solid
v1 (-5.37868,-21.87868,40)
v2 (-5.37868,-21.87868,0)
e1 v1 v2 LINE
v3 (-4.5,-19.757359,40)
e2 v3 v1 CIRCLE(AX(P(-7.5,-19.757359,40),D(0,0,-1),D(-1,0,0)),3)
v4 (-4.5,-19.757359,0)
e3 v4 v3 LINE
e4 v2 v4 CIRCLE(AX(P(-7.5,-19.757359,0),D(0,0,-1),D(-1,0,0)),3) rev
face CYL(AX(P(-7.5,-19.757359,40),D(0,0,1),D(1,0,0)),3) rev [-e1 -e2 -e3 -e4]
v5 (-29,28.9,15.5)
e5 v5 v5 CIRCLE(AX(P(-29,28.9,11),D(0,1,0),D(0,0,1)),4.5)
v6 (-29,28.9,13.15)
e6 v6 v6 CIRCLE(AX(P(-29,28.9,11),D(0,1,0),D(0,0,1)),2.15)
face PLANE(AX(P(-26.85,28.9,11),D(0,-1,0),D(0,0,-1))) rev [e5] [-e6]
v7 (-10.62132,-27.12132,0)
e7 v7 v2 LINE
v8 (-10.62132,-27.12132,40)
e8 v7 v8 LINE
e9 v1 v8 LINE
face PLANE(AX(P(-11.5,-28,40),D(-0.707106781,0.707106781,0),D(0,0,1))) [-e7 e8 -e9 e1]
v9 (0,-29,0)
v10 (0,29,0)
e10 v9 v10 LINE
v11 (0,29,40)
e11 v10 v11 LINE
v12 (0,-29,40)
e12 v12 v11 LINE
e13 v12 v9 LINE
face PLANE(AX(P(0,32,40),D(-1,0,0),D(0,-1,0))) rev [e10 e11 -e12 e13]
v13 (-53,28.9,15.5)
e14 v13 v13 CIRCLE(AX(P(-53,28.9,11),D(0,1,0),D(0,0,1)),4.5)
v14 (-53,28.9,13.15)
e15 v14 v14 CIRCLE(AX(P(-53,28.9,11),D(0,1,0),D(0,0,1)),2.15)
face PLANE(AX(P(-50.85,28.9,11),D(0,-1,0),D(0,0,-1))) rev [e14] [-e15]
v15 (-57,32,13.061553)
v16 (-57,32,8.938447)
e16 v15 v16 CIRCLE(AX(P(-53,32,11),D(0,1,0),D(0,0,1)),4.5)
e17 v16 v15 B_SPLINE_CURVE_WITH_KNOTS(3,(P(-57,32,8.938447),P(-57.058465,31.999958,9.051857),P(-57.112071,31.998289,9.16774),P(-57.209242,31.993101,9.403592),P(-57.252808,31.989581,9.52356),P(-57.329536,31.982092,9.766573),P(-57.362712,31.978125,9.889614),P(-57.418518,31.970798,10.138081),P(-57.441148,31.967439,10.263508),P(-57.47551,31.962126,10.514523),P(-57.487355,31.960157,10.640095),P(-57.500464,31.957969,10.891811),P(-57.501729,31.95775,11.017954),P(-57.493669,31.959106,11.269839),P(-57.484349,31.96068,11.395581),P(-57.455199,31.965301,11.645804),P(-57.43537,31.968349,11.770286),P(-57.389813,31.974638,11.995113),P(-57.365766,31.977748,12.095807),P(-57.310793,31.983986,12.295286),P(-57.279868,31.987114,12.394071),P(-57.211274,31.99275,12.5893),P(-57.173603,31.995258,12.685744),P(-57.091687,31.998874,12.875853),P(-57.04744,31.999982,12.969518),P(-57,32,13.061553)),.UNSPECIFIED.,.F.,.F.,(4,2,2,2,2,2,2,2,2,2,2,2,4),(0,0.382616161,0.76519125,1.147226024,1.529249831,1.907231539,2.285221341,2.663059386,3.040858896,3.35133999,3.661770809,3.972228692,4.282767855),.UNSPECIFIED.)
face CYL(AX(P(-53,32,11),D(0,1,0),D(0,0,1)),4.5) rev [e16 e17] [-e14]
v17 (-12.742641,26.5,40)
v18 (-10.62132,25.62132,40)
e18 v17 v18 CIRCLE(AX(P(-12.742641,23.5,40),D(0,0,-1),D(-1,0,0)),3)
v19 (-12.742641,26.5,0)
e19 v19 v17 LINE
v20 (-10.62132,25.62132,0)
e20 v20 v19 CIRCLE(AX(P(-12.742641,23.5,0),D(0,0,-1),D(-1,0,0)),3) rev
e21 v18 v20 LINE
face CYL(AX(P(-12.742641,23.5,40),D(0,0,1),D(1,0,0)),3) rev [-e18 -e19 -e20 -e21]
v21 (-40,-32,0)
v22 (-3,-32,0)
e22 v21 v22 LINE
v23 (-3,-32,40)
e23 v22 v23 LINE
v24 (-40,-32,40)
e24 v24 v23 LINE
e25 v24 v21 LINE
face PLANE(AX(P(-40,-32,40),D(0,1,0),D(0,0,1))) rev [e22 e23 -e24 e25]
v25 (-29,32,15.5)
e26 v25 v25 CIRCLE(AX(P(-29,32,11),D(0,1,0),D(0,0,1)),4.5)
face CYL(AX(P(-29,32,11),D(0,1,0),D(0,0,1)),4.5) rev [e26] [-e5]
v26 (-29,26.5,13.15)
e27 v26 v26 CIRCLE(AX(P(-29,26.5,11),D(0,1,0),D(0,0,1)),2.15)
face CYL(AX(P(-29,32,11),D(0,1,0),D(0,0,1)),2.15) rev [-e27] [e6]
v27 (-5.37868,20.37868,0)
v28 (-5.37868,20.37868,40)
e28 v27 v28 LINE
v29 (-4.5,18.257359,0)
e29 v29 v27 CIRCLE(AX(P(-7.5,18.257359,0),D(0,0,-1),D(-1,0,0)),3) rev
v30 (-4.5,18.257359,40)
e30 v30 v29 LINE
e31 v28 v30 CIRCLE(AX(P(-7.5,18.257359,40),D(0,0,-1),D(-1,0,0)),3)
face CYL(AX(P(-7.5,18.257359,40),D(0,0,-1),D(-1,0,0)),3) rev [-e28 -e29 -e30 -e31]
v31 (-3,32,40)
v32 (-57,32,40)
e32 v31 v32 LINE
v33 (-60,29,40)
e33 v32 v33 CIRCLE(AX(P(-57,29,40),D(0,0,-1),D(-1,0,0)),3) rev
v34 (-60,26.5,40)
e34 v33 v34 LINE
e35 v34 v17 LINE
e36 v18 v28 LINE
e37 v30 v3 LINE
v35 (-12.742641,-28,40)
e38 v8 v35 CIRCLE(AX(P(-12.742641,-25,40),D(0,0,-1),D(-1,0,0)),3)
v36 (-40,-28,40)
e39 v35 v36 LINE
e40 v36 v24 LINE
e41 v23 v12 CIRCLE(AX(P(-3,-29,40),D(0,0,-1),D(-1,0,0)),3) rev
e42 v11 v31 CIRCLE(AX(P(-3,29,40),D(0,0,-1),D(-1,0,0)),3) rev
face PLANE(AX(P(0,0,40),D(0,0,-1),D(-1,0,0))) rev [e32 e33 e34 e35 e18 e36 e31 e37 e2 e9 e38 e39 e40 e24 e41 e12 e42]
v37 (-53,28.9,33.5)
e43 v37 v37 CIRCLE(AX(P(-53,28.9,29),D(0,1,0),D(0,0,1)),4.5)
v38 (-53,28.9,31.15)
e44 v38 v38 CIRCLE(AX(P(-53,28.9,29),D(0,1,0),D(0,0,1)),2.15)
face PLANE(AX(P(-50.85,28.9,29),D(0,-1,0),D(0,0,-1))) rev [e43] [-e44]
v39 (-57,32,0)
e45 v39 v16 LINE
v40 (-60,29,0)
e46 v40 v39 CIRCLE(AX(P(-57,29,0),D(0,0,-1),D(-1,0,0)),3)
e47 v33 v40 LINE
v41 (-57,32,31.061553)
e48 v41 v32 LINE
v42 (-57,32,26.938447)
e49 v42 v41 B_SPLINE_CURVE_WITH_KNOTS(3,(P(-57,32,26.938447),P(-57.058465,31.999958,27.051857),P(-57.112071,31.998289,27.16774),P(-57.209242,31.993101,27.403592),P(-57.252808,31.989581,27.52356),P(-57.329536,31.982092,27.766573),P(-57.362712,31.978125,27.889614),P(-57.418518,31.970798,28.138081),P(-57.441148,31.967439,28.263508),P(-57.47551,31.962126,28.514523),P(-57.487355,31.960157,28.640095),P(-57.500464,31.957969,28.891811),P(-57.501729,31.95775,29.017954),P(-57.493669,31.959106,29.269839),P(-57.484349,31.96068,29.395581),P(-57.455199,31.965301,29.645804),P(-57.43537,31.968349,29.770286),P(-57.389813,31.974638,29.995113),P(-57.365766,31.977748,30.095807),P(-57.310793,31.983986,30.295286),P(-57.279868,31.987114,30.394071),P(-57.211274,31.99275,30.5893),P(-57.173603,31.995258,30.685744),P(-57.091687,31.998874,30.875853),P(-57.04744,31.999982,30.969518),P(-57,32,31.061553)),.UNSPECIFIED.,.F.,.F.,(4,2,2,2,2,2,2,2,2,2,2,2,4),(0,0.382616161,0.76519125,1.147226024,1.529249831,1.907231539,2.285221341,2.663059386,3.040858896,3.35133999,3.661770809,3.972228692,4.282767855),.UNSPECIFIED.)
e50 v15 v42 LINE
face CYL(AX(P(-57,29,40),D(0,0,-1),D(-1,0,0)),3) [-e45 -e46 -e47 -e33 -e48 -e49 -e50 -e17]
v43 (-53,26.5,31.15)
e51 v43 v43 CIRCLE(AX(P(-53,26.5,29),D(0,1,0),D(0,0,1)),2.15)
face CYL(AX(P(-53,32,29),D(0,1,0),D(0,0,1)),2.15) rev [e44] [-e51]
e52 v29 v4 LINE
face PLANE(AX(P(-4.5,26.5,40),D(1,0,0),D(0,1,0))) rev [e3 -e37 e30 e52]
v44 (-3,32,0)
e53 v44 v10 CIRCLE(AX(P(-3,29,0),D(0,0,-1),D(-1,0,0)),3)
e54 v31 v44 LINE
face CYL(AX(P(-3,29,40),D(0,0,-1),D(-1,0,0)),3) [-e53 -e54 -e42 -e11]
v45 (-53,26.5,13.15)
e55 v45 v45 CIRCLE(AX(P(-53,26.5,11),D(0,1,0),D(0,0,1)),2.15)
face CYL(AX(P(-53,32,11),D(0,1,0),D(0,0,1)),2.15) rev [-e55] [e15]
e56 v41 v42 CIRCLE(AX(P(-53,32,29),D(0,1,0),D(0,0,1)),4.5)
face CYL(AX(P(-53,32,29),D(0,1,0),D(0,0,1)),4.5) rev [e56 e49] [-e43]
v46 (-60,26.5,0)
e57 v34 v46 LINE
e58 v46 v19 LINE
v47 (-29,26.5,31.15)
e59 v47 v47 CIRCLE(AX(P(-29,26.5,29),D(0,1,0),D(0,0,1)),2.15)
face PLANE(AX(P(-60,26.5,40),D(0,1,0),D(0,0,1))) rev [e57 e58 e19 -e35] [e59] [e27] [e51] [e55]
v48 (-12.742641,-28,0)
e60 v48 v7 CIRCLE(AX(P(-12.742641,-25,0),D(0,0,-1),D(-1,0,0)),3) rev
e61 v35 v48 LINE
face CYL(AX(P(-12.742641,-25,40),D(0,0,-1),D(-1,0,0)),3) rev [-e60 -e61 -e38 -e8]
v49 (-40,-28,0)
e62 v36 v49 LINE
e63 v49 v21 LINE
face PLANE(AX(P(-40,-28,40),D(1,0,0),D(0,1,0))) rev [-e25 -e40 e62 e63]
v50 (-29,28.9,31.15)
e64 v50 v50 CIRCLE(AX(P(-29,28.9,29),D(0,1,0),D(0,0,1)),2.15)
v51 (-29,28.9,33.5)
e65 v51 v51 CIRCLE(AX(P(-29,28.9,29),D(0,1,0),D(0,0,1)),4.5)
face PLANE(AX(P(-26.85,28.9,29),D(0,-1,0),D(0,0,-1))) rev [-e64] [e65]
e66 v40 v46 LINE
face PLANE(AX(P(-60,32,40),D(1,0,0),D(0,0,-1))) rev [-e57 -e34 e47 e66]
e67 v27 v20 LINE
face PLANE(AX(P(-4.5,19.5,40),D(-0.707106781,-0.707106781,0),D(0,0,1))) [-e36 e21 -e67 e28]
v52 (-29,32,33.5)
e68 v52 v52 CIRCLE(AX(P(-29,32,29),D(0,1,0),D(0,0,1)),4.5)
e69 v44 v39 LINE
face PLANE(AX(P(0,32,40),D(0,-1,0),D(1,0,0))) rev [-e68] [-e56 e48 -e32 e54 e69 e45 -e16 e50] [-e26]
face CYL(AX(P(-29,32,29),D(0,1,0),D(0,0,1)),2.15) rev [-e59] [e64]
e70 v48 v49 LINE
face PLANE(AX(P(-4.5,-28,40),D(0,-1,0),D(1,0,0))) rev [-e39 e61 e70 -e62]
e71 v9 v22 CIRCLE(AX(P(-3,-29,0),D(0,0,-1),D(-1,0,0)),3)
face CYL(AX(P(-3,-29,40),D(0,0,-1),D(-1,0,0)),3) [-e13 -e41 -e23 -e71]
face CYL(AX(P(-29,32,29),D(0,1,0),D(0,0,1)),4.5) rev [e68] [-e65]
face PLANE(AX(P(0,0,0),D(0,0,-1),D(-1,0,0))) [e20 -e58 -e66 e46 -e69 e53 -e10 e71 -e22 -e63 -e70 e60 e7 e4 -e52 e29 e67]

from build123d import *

# Parameters (mm, degrees)
BOSS_EXTRUDE1_DEPTH                              = 40
CHAMFER1_SIZE                                    = 7
FILLET1_R                                        = 3
CBORE_FOR_M4_PAN_HEAD_MACHINE_SCREW1_D           = 4.3
CBORE_FOR_M4_PAN_HEAD_MACHINE_SCREW1_DEPTH       = 5.5
CBORE_FOR_M4_PAN_HEAD_MACHINE_SCREW1_CBORE_D     = 9
CBORE_FOR_M4_PAN_HEAD_MACHINE_SCREW1_CBORE_DEPTH = 3.1


with BuildPart() as part:
    # Sketch1 → Boss-Extrude1 (new body)
    with BuildSketch(Plane.XY):
        Polygon((0, 32), (0, -32), (-40, -32), (-40, -28), (-4.5, -28), (-4.5, 26.5), (-60, 26.5), (-60, 32), align=None)
    extrude(amount=BOSS_EXTRUDE1_DEPTH)

    # Chamfer1
    chamfer1_edges = [part.edges().sort_by_distance(p)[0] for p in [
        (-4.5, -28, 20),
        (-4.5, 26.5, 20),
    ]]
    chamfer(chamfer1_edges, length=CHAMFER1_SIZE)

    # Fillet1
    fillet1_edges = [part.edges().sort_by_distance(p)[0] for p in [
        (-60, 32, 20),
        (0, 32, 20),
        (0, -32, 20),
        (-11.5, -28, 20),
        (-4.5, 19.5, 20),
        (-4.5, -21, 20),
        (-11.5, 26.5, 20),
    ]]
    fillet(fillet1_edges, radius=FILLET1_R)

    # CBORE for M4 Pan Head Machine Screw1
    with Locations(Plane(origin=(0, 32, 0), x_dir=(1, 0, 0), z_dir=(0, 1, 0))):
        with Locations((-53, -11), (-53, -29), (-29, -29), (-29, -11)):
            CounterBoreHole(CBORE_FOR_M4_PAN_HEAD_MACHINE_SCREW1_D / 2, CBORE_FOR_M4_PAN_HEAD_MACHINE_SCREW1_CBORE_D / 2, CBORE_FOR_M4_PAN_HEAD_MACHINE_SCREW1_CBORE_DEPTH, depth=CBORE_FOR_M4_PAN_HEAD_MACHINE_SCREW1_DEPTH)


solid = part.part
